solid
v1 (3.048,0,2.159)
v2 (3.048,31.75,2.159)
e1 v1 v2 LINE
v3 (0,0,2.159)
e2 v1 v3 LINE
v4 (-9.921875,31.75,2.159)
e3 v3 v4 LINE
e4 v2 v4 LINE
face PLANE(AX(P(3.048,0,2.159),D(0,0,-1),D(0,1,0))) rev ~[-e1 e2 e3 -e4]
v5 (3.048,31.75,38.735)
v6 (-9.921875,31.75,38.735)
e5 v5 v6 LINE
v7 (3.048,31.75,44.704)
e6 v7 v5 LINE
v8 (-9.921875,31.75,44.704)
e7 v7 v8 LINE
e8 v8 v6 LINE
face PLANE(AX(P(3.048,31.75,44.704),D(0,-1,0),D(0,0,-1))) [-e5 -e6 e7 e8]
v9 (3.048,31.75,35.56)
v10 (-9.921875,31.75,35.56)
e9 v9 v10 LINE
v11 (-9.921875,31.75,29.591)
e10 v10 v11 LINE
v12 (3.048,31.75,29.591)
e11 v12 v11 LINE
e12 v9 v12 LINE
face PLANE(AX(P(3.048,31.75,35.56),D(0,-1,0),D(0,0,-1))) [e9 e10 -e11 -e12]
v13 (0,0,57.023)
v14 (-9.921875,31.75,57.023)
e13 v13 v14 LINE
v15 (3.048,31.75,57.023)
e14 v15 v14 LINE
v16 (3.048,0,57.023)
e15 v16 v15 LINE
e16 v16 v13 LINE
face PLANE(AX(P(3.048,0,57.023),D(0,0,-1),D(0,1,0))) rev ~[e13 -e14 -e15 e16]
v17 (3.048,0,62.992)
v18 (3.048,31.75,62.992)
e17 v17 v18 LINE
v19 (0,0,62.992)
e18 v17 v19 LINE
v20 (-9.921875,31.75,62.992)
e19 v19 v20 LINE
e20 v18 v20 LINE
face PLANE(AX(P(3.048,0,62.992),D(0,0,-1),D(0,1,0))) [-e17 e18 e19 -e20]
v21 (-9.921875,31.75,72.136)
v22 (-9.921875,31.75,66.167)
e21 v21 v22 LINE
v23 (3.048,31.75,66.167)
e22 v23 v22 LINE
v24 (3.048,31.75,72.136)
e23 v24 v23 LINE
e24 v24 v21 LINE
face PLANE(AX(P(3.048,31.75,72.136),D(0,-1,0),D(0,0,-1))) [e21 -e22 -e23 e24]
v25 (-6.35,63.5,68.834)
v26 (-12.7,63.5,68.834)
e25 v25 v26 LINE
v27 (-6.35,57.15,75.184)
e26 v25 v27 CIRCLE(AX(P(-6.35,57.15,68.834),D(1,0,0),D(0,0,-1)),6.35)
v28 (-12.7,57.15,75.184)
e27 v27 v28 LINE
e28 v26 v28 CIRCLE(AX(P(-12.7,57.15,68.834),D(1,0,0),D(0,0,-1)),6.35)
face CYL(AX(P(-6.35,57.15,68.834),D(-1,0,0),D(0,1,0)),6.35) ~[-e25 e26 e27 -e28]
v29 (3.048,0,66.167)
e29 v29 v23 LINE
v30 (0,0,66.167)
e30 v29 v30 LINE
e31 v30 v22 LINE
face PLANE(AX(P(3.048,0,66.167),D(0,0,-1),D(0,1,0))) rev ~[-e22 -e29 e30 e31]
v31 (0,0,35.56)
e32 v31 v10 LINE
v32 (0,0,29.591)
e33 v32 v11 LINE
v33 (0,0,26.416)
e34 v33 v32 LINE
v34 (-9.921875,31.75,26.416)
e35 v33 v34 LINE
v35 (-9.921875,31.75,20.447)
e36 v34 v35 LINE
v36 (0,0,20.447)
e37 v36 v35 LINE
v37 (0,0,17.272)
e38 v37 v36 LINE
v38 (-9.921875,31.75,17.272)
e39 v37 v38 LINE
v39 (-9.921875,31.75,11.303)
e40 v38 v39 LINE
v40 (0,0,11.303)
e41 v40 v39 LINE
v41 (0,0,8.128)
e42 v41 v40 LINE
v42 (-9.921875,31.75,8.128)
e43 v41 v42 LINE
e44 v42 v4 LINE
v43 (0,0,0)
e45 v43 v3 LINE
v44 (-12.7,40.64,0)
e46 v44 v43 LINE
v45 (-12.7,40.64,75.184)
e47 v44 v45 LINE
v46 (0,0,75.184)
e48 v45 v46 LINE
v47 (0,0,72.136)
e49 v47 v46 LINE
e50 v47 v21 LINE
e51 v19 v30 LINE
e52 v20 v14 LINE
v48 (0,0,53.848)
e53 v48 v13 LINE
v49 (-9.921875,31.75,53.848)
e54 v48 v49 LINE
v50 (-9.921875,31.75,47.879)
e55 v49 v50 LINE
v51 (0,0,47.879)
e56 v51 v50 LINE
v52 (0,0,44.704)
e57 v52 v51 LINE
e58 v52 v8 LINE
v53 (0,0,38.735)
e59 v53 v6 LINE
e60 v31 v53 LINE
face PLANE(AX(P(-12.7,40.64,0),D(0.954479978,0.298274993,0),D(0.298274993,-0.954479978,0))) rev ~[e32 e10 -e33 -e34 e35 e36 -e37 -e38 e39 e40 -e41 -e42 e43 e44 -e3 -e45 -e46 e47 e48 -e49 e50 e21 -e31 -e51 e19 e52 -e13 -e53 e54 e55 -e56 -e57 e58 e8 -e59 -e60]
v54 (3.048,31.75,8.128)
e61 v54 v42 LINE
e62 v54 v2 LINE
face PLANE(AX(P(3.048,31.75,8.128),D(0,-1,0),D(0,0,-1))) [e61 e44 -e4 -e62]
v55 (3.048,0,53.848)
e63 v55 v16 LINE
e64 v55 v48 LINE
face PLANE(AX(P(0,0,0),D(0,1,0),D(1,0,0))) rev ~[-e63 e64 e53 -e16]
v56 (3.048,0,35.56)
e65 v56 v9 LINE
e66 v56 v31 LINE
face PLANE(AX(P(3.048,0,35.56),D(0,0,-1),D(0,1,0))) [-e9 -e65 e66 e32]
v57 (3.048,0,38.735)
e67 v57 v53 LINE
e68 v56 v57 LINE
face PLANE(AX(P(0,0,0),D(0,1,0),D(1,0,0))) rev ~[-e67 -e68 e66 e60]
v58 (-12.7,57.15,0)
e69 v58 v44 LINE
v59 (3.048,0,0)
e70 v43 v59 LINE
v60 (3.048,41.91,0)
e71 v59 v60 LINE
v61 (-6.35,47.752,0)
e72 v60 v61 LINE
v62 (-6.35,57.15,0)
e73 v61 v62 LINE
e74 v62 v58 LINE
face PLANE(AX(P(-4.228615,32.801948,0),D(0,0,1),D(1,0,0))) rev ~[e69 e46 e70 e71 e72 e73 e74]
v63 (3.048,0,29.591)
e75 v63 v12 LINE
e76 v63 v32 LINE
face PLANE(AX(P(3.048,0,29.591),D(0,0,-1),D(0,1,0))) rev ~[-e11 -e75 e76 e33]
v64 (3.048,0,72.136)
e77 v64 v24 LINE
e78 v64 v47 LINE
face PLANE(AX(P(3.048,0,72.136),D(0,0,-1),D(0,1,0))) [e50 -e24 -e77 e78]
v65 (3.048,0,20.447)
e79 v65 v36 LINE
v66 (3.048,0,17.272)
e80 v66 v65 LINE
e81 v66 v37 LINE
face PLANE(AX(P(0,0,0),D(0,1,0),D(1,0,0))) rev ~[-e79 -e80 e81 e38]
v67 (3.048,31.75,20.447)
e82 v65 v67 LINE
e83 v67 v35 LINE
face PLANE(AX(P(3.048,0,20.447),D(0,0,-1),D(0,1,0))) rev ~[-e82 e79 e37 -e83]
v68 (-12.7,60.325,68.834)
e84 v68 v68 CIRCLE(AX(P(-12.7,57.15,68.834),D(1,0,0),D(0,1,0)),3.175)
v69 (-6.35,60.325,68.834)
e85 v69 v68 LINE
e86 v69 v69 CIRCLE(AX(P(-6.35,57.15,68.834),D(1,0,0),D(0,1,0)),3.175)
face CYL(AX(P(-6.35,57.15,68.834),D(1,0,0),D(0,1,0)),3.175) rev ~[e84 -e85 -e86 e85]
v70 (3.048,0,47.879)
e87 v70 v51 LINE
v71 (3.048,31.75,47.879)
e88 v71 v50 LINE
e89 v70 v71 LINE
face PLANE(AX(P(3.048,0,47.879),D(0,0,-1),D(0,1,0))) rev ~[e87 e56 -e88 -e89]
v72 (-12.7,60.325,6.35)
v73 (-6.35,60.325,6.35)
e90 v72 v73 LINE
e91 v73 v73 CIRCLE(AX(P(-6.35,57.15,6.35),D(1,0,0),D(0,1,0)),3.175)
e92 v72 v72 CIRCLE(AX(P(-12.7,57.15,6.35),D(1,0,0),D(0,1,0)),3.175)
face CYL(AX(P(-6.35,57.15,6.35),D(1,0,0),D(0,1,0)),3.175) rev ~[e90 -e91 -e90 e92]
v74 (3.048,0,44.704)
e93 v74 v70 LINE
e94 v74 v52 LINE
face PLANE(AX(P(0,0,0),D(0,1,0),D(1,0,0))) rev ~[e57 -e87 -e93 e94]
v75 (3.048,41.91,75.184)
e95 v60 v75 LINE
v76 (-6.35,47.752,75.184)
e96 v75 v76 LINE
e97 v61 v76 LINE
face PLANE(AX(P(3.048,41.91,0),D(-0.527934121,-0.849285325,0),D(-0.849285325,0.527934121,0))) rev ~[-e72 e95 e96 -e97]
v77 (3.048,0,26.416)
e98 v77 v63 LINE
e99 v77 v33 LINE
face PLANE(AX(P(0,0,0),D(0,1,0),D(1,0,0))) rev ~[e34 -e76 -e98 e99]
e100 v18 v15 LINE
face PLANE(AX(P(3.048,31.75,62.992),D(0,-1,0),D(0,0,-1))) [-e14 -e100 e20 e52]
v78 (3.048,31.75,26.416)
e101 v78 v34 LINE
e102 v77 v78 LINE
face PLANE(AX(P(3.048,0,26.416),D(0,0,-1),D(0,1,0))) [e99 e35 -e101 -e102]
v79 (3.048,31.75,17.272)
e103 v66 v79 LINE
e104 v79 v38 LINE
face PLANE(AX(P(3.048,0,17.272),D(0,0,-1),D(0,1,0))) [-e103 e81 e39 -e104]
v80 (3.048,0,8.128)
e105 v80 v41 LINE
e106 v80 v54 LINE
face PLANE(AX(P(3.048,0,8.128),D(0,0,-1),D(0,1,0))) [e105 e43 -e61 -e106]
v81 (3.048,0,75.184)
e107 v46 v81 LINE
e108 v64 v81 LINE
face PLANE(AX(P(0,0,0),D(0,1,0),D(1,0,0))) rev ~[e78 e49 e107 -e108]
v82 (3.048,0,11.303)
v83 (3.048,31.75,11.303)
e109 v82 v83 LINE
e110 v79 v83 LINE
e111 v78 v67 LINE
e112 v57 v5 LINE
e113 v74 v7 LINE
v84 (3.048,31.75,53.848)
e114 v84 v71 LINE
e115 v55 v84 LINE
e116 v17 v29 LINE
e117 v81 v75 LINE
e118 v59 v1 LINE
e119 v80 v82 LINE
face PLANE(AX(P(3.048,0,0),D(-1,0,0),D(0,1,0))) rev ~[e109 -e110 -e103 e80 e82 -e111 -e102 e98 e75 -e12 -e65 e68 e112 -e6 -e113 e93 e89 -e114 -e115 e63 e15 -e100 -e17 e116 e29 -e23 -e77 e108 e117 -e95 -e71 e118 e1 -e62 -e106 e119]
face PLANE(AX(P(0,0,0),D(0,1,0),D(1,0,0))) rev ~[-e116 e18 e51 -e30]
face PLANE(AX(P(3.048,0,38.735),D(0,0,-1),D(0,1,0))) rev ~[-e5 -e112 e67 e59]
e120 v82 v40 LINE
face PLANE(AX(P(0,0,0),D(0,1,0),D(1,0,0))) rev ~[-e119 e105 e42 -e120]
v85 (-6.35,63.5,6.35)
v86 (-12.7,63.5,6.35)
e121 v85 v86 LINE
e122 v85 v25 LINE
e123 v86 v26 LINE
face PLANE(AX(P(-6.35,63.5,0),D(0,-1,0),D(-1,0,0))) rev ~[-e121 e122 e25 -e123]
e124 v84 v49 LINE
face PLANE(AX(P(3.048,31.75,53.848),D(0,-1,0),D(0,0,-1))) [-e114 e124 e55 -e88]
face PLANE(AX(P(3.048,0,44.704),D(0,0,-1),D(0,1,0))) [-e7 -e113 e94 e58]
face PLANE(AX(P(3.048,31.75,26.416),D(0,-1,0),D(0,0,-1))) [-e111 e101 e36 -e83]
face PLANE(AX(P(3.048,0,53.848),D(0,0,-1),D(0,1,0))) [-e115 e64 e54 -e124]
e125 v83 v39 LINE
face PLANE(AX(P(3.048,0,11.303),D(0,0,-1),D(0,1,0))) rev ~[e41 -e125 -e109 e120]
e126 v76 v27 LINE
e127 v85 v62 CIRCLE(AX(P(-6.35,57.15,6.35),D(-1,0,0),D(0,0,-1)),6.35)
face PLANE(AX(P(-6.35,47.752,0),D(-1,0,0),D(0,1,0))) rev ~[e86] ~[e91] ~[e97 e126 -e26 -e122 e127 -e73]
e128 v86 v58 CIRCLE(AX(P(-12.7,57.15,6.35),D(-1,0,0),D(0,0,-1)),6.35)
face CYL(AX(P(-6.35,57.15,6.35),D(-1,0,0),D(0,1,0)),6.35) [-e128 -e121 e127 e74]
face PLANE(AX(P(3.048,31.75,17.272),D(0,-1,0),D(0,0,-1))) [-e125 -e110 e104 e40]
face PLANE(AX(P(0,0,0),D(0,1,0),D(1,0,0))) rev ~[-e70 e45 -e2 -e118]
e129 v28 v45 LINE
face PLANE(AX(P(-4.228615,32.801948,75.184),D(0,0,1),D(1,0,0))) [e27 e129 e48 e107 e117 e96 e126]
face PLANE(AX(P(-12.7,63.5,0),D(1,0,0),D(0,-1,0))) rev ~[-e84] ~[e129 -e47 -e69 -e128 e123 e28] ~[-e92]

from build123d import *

# Parameters (mm, degrees)
BOSS_EXTRUDE1_DEPTH = 75.184
FILLET1_R           = 6.35
SKETCH6_R           = 3.175
CUT_EXTRUDE2_DEPTH  = 62.992
SKETCH11_W          = 5.969
SKETCH11_H          = 31.75
CUT_EXTRUDE6_DEPTH  = 100.663851822


with BuildPart() as part:
    # Sketch1 → Boss-Extrude1 (new body)
    with BuildSketch(Plane.XY):
        Polygon((0, 0), (3.048, 0), (3.048, 41.91), (-6.35, 47.752), (-6.35, 63.5), (-12.7, 63.5), (-12.7, 40.64), align=None)
    extrude(amount=BOSS_EXTRUDE1_DEPTH)

    # Fillet1
    fillet1_edges = [part.edges().sort_by_distance(p)[0] for p in [
        (-9.525, 63.5, 75.184),
        (-9.525, 63.5, 0),
    ]]
    fillet(fillet1_edges, radius=FILLET1_R)

    # Sketch6 → Cut-Extrude2 (cut, symmetric)
    with BuildSketch(Plane(origin=(-6.35, 0, 0), x_dir=(0, 0, -1), z_dir=(1, 0, 0))):
        with Locations(Location((-68.834, 57.15, 0), (0, 0, 90))):
            Circle(SKETCH6_R)
        with Locations(Location((-6.35, 57.15, 0), (0, 0, 90))):
            Circle(SKETCH6_R)
    extrude(amount=CUT_EXTRUDE2_DEPTH, both=True, mode=Mode.SUBTRACT)

    # Sketch11 → Cut-Extrude6 (cut, through all)
    with BuildSketch(Plane(origin=(3.048, 0, 0), x_dir=(0, 0, -1), z_dir=(1, 0, 0))):
        with Locations((-69.1515, 15.875)):
            Rectangle(SKETCH11_W, SKETCH11_H)
        with Locations((-60.0075, 15.875)):
            Rectangle(SKETCH11_W, SKETCH11_H)
        with Locations((-50.8635, 15.875)):
            Rectangle(SKETCH11_W, SKETCH11_H)
        with Locations((-41.7195, 15.875)):
            Rectangle(SKETCH11_W, SKETCH11_H)
        with Locations((-32.5755, 15.875)):
            Rectangle(SKETCH11_W, SKETCH11_H)
        with Locations((-23.4315, 15.875)):
            Rectangle(SKETCH11_W, SKETCH11_H)
        with Locations((-14.2875, 15.875)):
            Rectangle(SKETCH11_W, SKETCH11_H)
        with Locations((-5.1435, 15.875)):
            Rectangle(SKETCH11_W, SKETCH11_H)
    extrude(amount=-CUT_EXTRUDE6_DEPTH, mode=Mode.SUBTRACT)


solid = part.part
